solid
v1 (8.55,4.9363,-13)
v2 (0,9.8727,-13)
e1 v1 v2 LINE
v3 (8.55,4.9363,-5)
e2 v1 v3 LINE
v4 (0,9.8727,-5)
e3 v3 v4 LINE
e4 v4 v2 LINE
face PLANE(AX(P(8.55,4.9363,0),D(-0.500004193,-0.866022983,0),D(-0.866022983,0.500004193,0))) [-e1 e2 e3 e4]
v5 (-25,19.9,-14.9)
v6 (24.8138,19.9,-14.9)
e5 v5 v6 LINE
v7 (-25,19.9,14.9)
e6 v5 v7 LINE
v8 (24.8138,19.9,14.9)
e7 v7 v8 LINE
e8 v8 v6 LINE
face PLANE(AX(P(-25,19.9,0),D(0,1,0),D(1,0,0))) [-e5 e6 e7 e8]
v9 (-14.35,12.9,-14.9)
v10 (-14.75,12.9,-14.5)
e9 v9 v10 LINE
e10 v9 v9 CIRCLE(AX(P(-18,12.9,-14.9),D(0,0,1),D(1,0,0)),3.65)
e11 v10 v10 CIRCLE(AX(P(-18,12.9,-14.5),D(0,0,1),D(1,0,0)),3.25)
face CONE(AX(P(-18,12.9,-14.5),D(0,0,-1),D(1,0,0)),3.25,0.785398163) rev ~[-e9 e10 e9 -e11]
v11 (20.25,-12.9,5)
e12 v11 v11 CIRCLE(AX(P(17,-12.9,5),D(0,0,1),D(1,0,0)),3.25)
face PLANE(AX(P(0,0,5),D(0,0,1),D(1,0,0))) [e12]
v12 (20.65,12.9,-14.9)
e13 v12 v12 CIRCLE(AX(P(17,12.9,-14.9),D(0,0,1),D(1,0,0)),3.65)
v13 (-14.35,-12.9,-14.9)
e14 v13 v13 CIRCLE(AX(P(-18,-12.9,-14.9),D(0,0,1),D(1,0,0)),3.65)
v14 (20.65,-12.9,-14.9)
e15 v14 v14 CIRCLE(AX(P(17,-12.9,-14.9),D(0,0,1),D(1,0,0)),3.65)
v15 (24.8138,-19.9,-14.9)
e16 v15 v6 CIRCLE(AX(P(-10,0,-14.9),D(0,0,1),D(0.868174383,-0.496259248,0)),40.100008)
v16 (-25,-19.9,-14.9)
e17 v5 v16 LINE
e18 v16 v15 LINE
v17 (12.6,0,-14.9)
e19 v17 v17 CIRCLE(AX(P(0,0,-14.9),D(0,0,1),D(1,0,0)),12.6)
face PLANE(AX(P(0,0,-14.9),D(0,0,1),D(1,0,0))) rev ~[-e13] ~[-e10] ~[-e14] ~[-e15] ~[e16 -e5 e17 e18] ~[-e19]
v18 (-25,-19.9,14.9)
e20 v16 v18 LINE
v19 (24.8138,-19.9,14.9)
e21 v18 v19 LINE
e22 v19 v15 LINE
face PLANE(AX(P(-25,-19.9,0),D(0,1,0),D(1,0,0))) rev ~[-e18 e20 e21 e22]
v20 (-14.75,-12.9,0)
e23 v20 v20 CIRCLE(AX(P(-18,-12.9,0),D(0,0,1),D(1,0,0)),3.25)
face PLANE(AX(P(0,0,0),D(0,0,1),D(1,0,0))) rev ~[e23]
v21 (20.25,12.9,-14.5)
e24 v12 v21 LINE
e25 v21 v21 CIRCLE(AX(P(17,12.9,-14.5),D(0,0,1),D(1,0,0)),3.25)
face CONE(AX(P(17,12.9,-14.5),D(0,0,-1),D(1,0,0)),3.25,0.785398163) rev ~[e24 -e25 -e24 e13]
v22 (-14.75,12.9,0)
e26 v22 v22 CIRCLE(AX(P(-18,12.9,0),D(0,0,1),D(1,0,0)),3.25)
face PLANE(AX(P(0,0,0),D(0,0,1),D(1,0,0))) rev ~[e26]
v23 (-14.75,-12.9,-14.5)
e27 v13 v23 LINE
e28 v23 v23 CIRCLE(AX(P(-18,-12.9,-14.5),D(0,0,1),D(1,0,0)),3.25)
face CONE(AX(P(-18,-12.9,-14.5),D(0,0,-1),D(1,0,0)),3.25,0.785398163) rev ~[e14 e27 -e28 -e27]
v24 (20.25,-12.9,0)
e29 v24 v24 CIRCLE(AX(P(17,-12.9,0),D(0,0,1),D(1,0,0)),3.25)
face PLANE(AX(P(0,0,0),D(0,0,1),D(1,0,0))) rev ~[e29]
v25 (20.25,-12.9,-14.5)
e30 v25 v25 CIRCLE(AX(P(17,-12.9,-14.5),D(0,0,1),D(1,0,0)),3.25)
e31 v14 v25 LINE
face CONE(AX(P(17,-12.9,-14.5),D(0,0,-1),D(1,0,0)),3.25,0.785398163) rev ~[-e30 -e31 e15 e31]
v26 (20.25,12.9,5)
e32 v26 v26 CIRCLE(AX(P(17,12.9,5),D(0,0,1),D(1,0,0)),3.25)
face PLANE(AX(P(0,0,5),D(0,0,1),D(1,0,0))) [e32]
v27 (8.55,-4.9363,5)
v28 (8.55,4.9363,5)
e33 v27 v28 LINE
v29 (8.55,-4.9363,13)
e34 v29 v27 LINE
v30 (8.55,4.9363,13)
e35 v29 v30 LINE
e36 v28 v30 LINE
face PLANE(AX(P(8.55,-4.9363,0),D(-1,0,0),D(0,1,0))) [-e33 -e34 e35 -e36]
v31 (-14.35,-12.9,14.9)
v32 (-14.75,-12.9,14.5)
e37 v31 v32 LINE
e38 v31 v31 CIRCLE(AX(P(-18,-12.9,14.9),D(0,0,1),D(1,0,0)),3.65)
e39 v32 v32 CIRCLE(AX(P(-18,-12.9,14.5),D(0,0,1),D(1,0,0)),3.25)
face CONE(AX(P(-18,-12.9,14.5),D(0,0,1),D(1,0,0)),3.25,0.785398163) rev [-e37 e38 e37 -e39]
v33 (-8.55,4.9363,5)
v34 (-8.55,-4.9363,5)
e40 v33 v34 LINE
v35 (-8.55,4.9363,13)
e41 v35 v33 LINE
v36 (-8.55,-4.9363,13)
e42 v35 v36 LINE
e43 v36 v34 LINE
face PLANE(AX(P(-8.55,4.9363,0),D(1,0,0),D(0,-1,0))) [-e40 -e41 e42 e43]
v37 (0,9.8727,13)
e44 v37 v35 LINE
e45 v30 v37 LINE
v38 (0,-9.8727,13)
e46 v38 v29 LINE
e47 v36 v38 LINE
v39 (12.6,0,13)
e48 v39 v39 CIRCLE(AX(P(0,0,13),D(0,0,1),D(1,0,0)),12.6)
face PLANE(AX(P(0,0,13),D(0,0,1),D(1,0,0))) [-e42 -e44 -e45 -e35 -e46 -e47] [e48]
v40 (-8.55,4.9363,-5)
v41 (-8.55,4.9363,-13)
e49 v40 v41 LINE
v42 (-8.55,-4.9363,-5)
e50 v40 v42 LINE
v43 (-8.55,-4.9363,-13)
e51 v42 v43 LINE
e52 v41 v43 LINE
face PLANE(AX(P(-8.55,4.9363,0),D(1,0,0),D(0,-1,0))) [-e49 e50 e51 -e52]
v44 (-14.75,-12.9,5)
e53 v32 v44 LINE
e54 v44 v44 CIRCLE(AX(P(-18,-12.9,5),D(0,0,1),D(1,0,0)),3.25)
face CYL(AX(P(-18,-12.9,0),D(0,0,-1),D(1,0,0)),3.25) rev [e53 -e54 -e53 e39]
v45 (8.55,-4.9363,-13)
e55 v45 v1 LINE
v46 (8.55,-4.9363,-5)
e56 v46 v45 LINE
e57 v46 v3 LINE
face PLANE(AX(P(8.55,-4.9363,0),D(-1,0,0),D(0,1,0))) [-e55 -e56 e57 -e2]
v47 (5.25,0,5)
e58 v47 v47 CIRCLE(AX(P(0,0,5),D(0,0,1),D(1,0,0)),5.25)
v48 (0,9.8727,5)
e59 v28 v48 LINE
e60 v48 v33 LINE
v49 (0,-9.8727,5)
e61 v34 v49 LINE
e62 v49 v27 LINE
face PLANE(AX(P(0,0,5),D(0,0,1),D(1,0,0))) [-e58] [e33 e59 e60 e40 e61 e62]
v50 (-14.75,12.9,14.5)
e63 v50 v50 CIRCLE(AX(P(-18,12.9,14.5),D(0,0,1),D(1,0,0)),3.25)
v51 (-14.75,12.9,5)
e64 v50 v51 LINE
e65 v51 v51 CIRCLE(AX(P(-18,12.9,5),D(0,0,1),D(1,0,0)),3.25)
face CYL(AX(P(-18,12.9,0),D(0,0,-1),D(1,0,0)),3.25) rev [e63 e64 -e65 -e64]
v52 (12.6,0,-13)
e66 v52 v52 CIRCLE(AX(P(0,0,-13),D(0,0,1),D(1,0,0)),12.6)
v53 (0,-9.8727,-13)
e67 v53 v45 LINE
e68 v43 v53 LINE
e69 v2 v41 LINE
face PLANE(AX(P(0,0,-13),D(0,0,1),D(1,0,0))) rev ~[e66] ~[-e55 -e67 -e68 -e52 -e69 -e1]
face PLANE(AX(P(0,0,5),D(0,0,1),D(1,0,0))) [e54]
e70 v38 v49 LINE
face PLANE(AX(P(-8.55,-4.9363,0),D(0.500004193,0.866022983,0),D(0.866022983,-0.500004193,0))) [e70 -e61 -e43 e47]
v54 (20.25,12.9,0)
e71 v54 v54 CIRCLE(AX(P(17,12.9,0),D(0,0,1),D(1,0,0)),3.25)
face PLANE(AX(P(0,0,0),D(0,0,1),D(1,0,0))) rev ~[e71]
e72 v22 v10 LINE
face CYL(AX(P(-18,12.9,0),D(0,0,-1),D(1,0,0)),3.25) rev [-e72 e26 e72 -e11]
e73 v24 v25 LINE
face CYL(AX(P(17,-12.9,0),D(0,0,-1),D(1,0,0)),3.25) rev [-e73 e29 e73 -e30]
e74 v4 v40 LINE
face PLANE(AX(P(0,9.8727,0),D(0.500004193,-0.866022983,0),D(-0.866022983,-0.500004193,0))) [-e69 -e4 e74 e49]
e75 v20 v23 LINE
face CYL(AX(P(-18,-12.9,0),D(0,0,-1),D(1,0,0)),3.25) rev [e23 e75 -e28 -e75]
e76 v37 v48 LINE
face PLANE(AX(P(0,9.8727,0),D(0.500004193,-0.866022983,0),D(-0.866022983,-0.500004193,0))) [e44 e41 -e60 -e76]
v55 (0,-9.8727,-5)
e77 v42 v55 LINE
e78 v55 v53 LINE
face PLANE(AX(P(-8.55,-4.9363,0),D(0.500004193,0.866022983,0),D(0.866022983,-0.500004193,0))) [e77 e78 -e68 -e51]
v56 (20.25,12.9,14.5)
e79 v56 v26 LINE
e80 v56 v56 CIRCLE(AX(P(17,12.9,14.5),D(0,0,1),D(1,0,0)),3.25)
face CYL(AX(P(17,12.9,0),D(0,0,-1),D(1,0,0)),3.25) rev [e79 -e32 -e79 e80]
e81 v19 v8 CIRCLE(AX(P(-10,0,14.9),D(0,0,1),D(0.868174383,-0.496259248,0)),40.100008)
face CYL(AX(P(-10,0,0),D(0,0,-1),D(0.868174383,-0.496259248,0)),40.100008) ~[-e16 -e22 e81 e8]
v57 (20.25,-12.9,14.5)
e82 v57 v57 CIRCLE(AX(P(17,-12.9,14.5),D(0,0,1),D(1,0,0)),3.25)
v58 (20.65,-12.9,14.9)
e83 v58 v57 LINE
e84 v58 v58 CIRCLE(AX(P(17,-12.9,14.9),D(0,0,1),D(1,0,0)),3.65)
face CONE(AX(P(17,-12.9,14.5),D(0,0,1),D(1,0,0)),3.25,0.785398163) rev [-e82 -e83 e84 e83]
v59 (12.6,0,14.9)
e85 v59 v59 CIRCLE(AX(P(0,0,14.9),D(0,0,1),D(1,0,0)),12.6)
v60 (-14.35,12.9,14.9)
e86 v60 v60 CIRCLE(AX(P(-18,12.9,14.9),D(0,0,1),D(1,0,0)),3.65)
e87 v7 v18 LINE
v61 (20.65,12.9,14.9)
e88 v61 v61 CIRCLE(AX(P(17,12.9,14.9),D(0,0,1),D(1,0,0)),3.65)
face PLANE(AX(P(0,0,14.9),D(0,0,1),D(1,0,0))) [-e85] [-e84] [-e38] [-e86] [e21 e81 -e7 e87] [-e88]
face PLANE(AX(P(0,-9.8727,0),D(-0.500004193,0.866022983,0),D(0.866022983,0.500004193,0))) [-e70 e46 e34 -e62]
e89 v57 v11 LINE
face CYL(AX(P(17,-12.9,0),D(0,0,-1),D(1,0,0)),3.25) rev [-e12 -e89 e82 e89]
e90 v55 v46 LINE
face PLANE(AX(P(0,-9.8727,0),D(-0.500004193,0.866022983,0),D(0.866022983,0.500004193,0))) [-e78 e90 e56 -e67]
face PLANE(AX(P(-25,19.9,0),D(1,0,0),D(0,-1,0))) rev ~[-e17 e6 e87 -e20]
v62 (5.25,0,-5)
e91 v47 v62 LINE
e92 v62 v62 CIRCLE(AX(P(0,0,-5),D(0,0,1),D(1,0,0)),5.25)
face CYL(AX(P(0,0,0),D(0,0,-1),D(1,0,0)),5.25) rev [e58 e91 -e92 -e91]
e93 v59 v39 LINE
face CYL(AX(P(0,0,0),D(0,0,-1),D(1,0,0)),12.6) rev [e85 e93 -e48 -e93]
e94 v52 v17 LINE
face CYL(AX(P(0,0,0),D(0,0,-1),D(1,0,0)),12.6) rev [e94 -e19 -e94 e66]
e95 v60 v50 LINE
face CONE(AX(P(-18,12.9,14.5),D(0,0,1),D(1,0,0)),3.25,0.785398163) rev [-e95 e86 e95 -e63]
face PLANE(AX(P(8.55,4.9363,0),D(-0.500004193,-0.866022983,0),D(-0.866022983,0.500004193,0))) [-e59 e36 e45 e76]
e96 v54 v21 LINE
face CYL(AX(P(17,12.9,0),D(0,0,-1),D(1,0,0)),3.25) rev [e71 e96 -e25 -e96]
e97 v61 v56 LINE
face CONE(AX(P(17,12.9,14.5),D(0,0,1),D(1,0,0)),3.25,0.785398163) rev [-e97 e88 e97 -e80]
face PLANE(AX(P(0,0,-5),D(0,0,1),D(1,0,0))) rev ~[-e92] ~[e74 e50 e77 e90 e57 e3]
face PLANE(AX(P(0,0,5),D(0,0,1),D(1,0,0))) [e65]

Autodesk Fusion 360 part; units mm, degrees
sketch "Sketch1" plane through (0, 0, 0) normal (0, 0, 1) x (1, 0, 0)
  circle A0 centre (0, 0) radius 12.6
  line L0 (-25, 19.9) -> (-25, -19.9)
  line L1 (-25, 19.9) -> (24.8138, 19.9)
  line L2 (-25, -19.9) -> (24.8138, -19.9)
  circle A1 centre (0, 0) radius 5.25
  arc A2 (24.8138, -19.9) -> (24.8138, 19.9) centre (-10, 0) ccw
  line L3 (0, 0) -> (-10, 0) construction
  line L4 (8.55, 4.9363) -> (0, 9.8727)
  line L5 (0, 9.8727) -> (-8.55, 4.9363)
  line L6 (-8.55, 4.9363) -> (-8.55, -4.9363)
  line L7 (-8.55, -4.9363) -> (0, -9.8727)
  line L8 (0, -9.8727) -> (8.55, -4.9363)
  line L9 (8.55, -4.9363) -> (8.55, 4.9363)
  circle A3 centre (-18, 12.9) radius 3.25
  circle A4 centre (-18, -12.9) radius 3.25
  circle A5 centre (17, -12.9) radius 3.25
  circle A6 centre (17, 12.9) radius 3.25
  line L10 (-18, 12.9) -> (17, 12.9) construction
  line L11 (17, 12.9) -> (17, -12.9) construction
  line L12 (17, -12.9) -> (-18, -12.9) construction
  dimension "d1" = 25.2
  dimension "d3" = 19.9
  dimension "d4" = 19.9
  dimension "d7" = 10.5
  dimension "d8" = 40.1
  dimension "d10" = 17.1
  dimension "d19" = 7
  dimension "d20" = 6.5
  dimension "d22" = 7
  dimension "d23" = 35
  dimension "d28" = 18
  dimension "d29" = 10
  dimension "d30" = 25
extrude "Extrude1" add sketch "Sketch1" along normal mid plane 29.8 contours L0 L1 L2 A2 makes body 1
extrude "Extrude3" add sketch "Sketch1" along normal mid plane 26 contours A0 bodies 1
extrude "Extrude4" add sketch "Sketch1" along normal mid plane 10 contours L4 L5 L6 L7 L8 L9 bodies 1
extrude "Extrude5" add sketch "Sketch1" along normal blind 5 and the other way blind 0 contours A3 | A4 | A5 | A6 bodies 1
copy_body "Body->Comp1" bodies 1 removing the originals makes body 2 in component "side brace lwr mount nut insert"
chamfer "Chamfer1" distance 0.4 angle 45 8 edges at (13.9699, 14.0753, 14.9) (-21.0301, 14.0753, 14.9) (-21.0301, -11.7247, 14.9) (13.9699, -11.7247, 14.9) (13.9699, -14.0753, -14.9) (-21.0301, 11.7247, -14.9) (13.9699, 11.7247, -14.9) (-21.0301, -14.0753, -14.9) on bodies 2 in component "side brace lwr mount nut insert"
component "side brace lwr mount nut insert" placed x (1, 0, 0) y (0, 1, 0) z (0, 0, 1) at (0, 0, 0)
equation "d4 = d3"
